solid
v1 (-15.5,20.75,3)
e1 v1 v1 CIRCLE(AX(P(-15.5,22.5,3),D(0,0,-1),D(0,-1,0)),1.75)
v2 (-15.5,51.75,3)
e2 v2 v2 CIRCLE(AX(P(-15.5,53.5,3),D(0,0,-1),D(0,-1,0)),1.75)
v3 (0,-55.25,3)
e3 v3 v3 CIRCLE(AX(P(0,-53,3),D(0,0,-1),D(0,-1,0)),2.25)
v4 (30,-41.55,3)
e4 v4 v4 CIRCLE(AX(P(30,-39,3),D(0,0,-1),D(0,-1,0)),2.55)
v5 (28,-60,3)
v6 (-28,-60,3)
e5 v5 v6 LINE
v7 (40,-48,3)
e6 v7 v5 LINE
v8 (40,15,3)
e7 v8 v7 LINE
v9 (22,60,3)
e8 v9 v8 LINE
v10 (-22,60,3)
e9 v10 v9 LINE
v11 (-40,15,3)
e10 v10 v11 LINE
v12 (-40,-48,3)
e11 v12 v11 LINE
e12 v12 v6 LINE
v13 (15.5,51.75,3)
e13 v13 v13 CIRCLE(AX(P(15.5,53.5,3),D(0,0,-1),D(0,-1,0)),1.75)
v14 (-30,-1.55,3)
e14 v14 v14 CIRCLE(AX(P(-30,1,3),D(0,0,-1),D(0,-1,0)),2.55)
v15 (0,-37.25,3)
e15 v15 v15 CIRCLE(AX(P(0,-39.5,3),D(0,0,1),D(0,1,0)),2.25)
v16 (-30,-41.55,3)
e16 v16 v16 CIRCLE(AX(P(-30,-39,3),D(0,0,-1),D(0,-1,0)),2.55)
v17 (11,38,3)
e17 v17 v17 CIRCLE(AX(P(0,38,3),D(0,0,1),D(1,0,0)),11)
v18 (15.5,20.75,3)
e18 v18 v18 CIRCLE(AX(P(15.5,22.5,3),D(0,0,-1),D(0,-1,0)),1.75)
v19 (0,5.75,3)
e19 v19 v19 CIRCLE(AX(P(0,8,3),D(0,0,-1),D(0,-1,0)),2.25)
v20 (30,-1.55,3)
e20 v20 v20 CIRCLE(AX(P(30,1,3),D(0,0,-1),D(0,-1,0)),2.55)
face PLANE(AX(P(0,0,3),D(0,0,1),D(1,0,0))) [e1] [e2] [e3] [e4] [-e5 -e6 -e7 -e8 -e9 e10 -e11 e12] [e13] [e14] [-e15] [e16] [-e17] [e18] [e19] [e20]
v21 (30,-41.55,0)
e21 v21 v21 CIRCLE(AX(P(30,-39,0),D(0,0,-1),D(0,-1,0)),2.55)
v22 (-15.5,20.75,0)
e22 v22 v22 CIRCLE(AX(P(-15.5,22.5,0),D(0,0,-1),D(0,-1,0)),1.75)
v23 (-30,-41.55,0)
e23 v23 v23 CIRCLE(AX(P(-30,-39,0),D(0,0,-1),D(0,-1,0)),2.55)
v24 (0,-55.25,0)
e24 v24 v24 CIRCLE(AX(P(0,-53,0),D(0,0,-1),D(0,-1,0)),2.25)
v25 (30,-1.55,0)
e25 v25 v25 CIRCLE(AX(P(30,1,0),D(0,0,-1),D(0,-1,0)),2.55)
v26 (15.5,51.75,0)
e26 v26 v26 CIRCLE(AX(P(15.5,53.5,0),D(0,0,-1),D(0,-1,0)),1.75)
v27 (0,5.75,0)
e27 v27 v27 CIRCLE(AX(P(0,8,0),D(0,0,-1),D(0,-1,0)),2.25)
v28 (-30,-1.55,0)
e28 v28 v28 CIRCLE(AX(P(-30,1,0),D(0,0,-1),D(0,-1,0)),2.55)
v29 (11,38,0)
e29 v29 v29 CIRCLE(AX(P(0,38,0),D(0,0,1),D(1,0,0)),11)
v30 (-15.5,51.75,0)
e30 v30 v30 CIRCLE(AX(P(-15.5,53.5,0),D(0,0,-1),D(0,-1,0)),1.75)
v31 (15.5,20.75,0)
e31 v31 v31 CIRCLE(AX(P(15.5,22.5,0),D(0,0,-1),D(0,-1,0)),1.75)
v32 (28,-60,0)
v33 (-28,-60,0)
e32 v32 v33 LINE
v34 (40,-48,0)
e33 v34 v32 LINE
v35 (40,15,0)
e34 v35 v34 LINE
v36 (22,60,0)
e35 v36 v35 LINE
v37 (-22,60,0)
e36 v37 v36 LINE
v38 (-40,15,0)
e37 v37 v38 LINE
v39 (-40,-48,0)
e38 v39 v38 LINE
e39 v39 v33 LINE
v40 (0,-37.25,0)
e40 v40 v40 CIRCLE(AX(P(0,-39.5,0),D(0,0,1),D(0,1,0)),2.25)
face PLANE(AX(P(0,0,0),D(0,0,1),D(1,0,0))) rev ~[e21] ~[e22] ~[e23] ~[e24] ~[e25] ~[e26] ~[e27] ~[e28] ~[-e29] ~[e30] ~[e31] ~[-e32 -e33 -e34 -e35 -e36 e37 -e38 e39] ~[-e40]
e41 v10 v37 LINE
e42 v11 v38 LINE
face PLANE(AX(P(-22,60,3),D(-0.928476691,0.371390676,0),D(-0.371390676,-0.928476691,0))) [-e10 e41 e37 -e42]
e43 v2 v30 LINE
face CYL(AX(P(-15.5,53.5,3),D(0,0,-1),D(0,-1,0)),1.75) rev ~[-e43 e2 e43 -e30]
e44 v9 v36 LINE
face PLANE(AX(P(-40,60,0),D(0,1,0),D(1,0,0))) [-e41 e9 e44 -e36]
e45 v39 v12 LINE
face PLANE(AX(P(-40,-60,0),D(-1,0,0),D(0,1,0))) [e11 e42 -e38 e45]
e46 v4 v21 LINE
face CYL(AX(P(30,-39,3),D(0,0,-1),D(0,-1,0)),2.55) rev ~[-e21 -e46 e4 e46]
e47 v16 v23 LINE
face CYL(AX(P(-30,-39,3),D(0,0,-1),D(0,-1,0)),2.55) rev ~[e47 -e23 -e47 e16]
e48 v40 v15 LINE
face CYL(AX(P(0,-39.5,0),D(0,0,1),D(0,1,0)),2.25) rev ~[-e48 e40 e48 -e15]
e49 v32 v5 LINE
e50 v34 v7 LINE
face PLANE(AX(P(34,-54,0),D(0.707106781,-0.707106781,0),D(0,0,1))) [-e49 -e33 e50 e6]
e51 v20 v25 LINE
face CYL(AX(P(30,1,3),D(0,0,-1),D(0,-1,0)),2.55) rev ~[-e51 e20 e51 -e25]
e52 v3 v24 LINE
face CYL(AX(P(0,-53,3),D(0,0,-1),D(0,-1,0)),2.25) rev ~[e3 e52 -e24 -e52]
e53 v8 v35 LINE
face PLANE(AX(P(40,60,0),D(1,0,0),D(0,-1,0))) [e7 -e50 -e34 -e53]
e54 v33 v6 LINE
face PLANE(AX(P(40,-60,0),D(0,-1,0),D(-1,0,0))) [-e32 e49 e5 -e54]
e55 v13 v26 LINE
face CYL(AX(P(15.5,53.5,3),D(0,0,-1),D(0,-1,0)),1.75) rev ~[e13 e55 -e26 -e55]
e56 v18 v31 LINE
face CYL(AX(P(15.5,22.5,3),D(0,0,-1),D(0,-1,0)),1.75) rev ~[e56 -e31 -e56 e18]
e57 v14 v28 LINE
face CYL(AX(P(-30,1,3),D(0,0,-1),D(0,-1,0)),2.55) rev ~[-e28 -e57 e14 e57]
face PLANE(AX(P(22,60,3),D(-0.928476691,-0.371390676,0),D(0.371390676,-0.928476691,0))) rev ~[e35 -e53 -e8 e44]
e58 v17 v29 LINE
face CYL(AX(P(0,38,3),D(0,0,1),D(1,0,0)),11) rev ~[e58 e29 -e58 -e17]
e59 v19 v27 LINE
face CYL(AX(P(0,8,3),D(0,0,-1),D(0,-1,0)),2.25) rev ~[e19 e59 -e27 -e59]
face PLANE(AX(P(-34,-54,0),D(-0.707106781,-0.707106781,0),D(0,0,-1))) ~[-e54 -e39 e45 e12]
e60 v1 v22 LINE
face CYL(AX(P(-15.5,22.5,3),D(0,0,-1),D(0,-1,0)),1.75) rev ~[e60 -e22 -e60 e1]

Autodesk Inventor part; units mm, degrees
ref_plane "YZ Plane" through (0, 0, 0) normal (1, 0, 0) x (0, 1, 0)
ref_plane "XZ Plane" through (0, 0, 0) normal (0, 1, 0) x (-1, 0, 0)
ref_plane "XY Plane" through (0, 0, 0) normal (0, 0, 1) x (1, 0, 0)
sketch "Sketch1" plane through (0, 0, 0) normal (0, 0, 1) x (1, 0, 0)
  line L0 (-40, 60) -> (40, 60)
  line L1 (40, 60) -> (40, -60)
  line L2 (40, -60) -> (-40, -60)
  line L3 (-40, -60) -> (-40, 60)
  line L4 (-40, 60) -> (40, -60) construction
  line L5 (40, 60) -> (-40, -60) construction
  point P0 (0, 0)
  dimension "d0" = 80
  dimension "d1" = 120
extrude "Extrusion1" add sketch "Sketch1" along normal blind 3
sketch "Sketch2" plane through (0, 0, 3) normal (0, 0, 1) x (1, 0, 0)
  line L0 (-40, -60) -> (40, -60) projected
  line L1 (-40, 60) -> (-40, -60) projected
  point P0 (0, 0)
  point P1 (-30, -39)
  point P2 (30, -39)
  point P3 (-30, 1)
  point P4 (30, 1)
  dimension "d4" = 21
  dimension "d5" = 10
  dimension "d6" = 40
  dimension "d7" = 60
hole "Hole1" at (-30, -39, 3) at (30, -39, 3) at (-30, 1, 3) at (30, 1, 3) direction (0, 0, -1) diameter 5.1 end through all
sketch "Sketch3" plane through (0, 0, 3) normal (0, 0, 1) x (1, 0, 0)
  circle A0 centre (0, 38) radius 11
  point P0 (0, 0)
  dimension "d15" = 22
  dimension "d16" = 38
extrude "Extrusion2" cut sketch "Sketch3" against normal through all
sketch "Sketch4" plane through (0, 0, 3) normal (0, 0, 1) x (1, 0, 0)
  circle A0 centre (0, 38) radius 11 projected
  line L0 (-15.5, 53.5) -> (15.5, 53.5)
  line L1 (15.5, 53.5) -> (15.5, 22.5)
  line L2 (15.5, 22.5) -> (-15.5, 22.5)
  line L3 (-15.5, 22.5) -> (-15.5, 53.5)
  line L4 (-15.5, 53.5) -> (15.5, 22.5) construction
  line L5 (15.5, 53.5) -> (-15.5, 22.5) construction
  point P0 (0, 0)
  dimension "d19" = 31
  dimension "d20" = 31
hole "Hole2" at (-15.5, 53.5, 3) at (-15.5, 22.5, 3) at (15.5, 22.5, 3) at (15.5, 53.5, 3) direction (0, 0, -1) diameter 3.5 end through all
sketch "Sketch5" plane through (0, 0, 3) normal (0, 0, 1) x (1, 0, 0)
  line L0 (40, 60) -> (-40, 60) projected
  line L1 (-22, 60) -> (-40, 15)
  line L2 (-40, 60) -> (-40, -60) projected
  line L3 (22, 60) -> (40, 15)
  line L4 (40, -60) -> (40, 60) projected
  point P0 (0, 0)
  dimension "d28" = 15
  dimension "d29" = 15
  dimension "d30" = 18
  dimension "d31" = 18
  dimension "d32" = 44
extrude "Extrusion3" cut sketch "Sketch5" against normal through all
sketch "Sketch7" plane through (0, 0, 0) normal (0, 0, -1) x (-1, 0, 0)
  line L0 (40, -60) -> (-40, -60) projected
  point P0 (0, 0)
  point P1 (0, -39.5)
  dimension "d41" = 20.5
hole "Hole3" at (0, -39.5, 0) direction (0, 0, 1) diameter 4.5 end through all
chamfer "Chamfer1" distance 12 angle 45 2 edges at (-40, -60, 1.5) (40, -60, 1.5)
sketch "Sketch11" plane through (0, 0, 3) normal (0, 0, 1) x (1, 0, 0)
  line L0 (-28, -60) -> (28, -60) projected
  circle A0 centre (0, 38) radius 11 projected
  point P0 (0, 0)
  point P1 (0, 8)
  point P2 (0, -53)
  dimension "d67" = 7
  dimension "d68" = 30
hole "Hole5" at (0, 8, 3) at (0, -53, 3) direction (0, 0, -1) diameter 4.5 end through all
equation "\"d29\" = d28"
equation "\"d31\" = d30"
properties part number "Z-Axis - Back Plate"
